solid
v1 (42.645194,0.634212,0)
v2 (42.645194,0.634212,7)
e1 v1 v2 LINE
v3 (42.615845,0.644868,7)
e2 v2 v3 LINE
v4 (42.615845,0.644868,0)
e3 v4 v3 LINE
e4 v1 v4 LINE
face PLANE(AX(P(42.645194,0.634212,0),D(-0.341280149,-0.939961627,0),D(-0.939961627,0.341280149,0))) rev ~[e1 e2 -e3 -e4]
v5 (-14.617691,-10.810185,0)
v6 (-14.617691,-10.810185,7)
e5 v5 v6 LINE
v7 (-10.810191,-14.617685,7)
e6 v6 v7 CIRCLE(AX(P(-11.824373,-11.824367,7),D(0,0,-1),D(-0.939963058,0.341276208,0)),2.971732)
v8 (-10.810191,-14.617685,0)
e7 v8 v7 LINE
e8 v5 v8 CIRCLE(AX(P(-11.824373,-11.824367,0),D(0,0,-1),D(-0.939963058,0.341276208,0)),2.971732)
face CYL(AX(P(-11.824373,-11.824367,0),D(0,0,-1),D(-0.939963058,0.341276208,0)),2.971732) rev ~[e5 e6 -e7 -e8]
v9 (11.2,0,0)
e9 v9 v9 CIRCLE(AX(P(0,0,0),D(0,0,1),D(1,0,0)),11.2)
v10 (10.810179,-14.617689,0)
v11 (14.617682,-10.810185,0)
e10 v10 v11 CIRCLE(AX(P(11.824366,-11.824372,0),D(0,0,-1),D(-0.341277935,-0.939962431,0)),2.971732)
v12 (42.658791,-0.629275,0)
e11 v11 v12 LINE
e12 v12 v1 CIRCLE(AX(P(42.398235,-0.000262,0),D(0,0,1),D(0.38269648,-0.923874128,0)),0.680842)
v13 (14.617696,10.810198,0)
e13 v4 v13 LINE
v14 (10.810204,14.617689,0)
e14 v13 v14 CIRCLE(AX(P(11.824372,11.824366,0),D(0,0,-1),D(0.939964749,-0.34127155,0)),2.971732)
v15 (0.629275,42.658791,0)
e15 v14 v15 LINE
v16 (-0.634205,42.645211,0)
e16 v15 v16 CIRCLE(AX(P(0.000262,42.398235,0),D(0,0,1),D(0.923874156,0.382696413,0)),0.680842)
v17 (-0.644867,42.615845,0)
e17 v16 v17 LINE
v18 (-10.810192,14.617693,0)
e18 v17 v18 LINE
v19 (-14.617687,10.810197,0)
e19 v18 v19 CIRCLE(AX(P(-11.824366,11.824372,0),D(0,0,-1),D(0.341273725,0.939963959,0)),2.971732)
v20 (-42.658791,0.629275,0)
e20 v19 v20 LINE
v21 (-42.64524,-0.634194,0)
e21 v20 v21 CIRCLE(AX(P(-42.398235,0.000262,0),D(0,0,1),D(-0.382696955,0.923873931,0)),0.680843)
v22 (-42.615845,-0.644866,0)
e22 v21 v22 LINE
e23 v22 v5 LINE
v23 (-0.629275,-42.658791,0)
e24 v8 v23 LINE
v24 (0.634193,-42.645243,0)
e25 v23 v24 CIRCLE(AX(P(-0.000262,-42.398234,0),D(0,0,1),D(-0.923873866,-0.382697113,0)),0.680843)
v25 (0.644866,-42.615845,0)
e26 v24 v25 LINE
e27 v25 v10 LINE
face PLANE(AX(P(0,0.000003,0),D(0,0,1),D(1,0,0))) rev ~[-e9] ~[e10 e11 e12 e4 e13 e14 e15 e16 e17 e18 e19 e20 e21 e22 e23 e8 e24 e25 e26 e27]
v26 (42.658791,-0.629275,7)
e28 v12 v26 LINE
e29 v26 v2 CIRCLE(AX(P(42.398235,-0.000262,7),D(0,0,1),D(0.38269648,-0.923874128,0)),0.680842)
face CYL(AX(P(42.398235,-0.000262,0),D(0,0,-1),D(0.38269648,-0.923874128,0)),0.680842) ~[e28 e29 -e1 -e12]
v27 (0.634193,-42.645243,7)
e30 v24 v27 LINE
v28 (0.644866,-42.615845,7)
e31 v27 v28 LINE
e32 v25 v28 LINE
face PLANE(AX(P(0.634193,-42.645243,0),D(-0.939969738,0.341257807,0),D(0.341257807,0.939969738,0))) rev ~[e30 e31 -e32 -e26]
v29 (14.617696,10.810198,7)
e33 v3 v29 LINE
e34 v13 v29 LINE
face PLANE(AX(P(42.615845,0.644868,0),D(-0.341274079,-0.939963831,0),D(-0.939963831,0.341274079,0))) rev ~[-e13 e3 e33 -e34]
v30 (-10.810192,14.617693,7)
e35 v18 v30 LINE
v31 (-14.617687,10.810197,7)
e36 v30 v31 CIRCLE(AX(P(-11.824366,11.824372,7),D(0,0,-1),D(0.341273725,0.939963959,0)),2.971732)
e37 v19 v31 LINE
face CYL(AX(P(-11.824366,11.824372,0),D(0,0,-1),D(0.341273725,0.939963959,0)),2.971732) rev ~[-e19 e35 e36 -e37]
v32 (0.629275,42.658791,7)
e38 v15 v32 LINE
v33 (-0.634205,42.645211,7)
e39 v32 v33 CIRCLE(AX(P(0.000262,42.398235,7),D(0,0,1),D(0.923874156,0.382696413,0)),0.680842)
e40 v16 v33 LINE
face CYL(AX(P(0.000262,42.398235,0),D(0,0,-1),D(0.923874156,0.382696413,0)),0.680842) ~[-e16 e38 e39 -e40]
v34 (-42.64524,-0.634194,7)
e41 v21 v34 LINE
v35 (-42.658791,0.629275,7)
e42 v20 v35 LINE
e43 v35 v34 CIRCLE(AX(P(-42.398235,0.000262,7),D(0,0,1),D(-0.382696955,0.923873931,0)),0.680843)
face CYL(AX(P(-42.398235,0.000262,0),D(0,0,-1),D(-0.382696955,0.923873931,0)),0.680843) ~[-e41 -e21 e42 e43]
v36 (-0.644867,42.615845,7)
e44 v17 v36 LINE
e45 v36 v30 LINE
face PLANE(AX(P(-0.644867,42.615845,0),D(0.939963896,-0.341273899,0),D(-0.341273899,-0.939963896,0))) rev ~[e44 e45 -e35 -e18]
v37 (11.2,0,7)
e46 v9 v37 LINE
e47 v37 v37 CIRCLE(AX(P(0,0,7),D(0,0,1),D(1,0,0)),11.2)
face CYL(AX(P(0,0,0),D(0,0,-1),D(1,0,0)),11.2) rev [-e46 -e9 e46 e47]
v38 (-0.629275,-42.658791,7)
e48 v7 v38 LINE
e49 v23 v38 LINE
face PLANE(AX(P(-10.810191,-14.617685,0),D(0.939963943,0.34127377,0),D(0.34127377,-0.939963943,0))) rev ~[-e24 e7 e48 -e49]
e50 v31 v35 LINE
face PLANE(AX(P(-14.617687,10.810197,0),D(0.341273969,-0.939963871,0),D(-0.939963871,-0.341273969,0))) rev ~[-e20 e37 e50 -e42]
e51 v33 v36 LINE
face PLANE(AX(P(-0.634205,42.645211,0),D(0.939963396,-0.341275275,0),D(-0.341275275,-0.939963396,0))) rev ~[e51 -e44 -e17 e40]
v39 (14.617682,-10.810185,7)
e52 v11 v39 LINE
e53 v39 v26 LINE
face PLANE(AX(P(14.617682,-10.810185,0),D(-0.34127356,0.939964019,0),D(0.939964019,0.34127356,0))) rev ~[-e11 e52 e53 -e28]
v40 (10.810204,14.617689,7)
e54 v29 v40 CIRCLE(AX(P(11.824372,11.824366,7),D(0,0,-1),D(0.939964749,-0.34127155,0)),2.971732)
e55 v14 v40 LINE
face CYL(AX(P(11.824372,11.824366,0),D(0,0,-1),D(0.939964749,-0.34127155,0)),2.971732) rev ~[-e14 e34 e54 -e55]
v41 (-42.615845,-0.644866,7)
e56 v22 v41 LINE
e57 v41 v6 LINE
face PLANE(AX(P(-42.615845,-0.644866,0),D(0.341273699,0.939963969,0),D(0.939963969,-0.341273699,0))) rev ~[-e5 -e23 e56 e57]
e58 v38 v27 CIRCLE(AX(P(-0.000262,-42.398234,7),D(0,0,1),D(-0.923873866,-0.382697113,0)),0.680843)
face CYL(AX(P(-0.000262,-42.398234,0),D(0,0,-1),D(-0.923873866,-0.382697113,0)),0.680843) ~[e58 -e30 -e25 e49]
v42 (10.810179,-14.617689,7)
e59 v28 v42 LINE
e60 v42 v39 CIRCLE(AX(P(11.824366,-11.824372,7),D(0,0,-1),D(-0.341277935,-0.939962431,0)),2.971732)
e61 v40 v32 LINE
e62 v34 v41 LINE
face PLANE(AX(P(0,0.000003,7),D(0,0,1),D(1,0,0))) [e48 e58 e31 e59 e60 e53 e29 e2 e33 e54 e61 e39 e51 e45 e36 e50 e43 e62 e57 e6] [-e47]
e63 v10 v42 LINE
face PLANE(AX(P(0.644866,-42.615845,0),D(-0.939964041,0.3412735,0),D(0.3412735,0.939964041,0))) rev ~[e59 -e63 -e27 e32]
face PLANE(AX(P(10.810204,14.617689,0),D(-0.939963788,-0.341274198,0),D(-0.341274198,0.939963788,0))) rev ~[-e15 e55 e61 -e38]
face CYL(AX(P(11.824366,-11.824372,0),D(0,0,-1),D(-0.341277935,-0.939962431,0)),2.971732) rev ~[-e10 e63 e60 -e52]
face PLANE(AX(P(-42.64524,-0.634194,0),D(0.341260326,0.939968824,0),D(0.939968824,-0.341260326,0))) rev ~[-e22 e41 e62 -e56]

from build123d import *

# Parameters (mm, degrees)
F0_R     = 11.2
F1_DEPTH = 7


with BuildPart() as f1:
    # F0 (on Top) → F1 (new body)
    with BuildSketch(Plane.XY):
        with BuildLine():
            ThreePointArc((0.629275, 42.658791), (-0.007055, 43.079038), (-0.634205, 42.645211))
            Line((-0.634205, 42.645211), (-0.644867, 42.615845))
            Line((-0.644867, 42.615845), (-10.810192, 14.617693))
            ThreePointArc((-10.810192, 14.617693), (-9.723034, 9.72304), (-14.617687, 10.810197))
            Line((-14.617687, 10.810197), (-42.658791, 0.629275))
            ThreePointArc((-42.658791, 0.629275), (-43.079038, -0.007039), (-42.64524, -0.634194))
            Line((-42.64524, -0.634194), (-42.615845, -0.644866))
            Line((-42.615845, -0.644866), (-14.617691, -10.810185))
            ThreePointArc((-14.617691, -10.810185), (-9.723041, -9.723034), (-10.810191, -14.617685))
            Line((-10.810191, -14.617685), (-0.629275, -42.658791))
            ThreePointArc((-0.629275, -42.658791), (0.007037, -43.079038), (0.634193, -42.645243))
            Line((0.634193, -42.645243), (0.644866, -42.615845))
            Line((0.644866, -42.615845), (10.810179, -14.617689))
            ThreePointArc((10.810179, -14.617689), (9.723034, -9.72304), (14.617682, -10.810185))
            Line((14.617682, -10.810185), (42.658791, -0.629275))
            ThreePointArc((42.658791, -0.629275), (43.079038, 0.007064), (42.645194, 0.634212))
            Line((42.645194, 0.634212), (42.615845, 0.644868))
            Line((42.615845, 0.644868), (14.617696, 10.810198))
            ThreePointArc((14.617696, 10.810198), (9.72304, 9.723034), (10.810204, 14.617689))
            Line((10.810204, 14.617689), (0.629275, 42.658791))
        make_face()
        Circle(F0_R, mode=Mode.SUBTRACT)
    extrude(amount=F1_DEPTH)


solid = f1.part
